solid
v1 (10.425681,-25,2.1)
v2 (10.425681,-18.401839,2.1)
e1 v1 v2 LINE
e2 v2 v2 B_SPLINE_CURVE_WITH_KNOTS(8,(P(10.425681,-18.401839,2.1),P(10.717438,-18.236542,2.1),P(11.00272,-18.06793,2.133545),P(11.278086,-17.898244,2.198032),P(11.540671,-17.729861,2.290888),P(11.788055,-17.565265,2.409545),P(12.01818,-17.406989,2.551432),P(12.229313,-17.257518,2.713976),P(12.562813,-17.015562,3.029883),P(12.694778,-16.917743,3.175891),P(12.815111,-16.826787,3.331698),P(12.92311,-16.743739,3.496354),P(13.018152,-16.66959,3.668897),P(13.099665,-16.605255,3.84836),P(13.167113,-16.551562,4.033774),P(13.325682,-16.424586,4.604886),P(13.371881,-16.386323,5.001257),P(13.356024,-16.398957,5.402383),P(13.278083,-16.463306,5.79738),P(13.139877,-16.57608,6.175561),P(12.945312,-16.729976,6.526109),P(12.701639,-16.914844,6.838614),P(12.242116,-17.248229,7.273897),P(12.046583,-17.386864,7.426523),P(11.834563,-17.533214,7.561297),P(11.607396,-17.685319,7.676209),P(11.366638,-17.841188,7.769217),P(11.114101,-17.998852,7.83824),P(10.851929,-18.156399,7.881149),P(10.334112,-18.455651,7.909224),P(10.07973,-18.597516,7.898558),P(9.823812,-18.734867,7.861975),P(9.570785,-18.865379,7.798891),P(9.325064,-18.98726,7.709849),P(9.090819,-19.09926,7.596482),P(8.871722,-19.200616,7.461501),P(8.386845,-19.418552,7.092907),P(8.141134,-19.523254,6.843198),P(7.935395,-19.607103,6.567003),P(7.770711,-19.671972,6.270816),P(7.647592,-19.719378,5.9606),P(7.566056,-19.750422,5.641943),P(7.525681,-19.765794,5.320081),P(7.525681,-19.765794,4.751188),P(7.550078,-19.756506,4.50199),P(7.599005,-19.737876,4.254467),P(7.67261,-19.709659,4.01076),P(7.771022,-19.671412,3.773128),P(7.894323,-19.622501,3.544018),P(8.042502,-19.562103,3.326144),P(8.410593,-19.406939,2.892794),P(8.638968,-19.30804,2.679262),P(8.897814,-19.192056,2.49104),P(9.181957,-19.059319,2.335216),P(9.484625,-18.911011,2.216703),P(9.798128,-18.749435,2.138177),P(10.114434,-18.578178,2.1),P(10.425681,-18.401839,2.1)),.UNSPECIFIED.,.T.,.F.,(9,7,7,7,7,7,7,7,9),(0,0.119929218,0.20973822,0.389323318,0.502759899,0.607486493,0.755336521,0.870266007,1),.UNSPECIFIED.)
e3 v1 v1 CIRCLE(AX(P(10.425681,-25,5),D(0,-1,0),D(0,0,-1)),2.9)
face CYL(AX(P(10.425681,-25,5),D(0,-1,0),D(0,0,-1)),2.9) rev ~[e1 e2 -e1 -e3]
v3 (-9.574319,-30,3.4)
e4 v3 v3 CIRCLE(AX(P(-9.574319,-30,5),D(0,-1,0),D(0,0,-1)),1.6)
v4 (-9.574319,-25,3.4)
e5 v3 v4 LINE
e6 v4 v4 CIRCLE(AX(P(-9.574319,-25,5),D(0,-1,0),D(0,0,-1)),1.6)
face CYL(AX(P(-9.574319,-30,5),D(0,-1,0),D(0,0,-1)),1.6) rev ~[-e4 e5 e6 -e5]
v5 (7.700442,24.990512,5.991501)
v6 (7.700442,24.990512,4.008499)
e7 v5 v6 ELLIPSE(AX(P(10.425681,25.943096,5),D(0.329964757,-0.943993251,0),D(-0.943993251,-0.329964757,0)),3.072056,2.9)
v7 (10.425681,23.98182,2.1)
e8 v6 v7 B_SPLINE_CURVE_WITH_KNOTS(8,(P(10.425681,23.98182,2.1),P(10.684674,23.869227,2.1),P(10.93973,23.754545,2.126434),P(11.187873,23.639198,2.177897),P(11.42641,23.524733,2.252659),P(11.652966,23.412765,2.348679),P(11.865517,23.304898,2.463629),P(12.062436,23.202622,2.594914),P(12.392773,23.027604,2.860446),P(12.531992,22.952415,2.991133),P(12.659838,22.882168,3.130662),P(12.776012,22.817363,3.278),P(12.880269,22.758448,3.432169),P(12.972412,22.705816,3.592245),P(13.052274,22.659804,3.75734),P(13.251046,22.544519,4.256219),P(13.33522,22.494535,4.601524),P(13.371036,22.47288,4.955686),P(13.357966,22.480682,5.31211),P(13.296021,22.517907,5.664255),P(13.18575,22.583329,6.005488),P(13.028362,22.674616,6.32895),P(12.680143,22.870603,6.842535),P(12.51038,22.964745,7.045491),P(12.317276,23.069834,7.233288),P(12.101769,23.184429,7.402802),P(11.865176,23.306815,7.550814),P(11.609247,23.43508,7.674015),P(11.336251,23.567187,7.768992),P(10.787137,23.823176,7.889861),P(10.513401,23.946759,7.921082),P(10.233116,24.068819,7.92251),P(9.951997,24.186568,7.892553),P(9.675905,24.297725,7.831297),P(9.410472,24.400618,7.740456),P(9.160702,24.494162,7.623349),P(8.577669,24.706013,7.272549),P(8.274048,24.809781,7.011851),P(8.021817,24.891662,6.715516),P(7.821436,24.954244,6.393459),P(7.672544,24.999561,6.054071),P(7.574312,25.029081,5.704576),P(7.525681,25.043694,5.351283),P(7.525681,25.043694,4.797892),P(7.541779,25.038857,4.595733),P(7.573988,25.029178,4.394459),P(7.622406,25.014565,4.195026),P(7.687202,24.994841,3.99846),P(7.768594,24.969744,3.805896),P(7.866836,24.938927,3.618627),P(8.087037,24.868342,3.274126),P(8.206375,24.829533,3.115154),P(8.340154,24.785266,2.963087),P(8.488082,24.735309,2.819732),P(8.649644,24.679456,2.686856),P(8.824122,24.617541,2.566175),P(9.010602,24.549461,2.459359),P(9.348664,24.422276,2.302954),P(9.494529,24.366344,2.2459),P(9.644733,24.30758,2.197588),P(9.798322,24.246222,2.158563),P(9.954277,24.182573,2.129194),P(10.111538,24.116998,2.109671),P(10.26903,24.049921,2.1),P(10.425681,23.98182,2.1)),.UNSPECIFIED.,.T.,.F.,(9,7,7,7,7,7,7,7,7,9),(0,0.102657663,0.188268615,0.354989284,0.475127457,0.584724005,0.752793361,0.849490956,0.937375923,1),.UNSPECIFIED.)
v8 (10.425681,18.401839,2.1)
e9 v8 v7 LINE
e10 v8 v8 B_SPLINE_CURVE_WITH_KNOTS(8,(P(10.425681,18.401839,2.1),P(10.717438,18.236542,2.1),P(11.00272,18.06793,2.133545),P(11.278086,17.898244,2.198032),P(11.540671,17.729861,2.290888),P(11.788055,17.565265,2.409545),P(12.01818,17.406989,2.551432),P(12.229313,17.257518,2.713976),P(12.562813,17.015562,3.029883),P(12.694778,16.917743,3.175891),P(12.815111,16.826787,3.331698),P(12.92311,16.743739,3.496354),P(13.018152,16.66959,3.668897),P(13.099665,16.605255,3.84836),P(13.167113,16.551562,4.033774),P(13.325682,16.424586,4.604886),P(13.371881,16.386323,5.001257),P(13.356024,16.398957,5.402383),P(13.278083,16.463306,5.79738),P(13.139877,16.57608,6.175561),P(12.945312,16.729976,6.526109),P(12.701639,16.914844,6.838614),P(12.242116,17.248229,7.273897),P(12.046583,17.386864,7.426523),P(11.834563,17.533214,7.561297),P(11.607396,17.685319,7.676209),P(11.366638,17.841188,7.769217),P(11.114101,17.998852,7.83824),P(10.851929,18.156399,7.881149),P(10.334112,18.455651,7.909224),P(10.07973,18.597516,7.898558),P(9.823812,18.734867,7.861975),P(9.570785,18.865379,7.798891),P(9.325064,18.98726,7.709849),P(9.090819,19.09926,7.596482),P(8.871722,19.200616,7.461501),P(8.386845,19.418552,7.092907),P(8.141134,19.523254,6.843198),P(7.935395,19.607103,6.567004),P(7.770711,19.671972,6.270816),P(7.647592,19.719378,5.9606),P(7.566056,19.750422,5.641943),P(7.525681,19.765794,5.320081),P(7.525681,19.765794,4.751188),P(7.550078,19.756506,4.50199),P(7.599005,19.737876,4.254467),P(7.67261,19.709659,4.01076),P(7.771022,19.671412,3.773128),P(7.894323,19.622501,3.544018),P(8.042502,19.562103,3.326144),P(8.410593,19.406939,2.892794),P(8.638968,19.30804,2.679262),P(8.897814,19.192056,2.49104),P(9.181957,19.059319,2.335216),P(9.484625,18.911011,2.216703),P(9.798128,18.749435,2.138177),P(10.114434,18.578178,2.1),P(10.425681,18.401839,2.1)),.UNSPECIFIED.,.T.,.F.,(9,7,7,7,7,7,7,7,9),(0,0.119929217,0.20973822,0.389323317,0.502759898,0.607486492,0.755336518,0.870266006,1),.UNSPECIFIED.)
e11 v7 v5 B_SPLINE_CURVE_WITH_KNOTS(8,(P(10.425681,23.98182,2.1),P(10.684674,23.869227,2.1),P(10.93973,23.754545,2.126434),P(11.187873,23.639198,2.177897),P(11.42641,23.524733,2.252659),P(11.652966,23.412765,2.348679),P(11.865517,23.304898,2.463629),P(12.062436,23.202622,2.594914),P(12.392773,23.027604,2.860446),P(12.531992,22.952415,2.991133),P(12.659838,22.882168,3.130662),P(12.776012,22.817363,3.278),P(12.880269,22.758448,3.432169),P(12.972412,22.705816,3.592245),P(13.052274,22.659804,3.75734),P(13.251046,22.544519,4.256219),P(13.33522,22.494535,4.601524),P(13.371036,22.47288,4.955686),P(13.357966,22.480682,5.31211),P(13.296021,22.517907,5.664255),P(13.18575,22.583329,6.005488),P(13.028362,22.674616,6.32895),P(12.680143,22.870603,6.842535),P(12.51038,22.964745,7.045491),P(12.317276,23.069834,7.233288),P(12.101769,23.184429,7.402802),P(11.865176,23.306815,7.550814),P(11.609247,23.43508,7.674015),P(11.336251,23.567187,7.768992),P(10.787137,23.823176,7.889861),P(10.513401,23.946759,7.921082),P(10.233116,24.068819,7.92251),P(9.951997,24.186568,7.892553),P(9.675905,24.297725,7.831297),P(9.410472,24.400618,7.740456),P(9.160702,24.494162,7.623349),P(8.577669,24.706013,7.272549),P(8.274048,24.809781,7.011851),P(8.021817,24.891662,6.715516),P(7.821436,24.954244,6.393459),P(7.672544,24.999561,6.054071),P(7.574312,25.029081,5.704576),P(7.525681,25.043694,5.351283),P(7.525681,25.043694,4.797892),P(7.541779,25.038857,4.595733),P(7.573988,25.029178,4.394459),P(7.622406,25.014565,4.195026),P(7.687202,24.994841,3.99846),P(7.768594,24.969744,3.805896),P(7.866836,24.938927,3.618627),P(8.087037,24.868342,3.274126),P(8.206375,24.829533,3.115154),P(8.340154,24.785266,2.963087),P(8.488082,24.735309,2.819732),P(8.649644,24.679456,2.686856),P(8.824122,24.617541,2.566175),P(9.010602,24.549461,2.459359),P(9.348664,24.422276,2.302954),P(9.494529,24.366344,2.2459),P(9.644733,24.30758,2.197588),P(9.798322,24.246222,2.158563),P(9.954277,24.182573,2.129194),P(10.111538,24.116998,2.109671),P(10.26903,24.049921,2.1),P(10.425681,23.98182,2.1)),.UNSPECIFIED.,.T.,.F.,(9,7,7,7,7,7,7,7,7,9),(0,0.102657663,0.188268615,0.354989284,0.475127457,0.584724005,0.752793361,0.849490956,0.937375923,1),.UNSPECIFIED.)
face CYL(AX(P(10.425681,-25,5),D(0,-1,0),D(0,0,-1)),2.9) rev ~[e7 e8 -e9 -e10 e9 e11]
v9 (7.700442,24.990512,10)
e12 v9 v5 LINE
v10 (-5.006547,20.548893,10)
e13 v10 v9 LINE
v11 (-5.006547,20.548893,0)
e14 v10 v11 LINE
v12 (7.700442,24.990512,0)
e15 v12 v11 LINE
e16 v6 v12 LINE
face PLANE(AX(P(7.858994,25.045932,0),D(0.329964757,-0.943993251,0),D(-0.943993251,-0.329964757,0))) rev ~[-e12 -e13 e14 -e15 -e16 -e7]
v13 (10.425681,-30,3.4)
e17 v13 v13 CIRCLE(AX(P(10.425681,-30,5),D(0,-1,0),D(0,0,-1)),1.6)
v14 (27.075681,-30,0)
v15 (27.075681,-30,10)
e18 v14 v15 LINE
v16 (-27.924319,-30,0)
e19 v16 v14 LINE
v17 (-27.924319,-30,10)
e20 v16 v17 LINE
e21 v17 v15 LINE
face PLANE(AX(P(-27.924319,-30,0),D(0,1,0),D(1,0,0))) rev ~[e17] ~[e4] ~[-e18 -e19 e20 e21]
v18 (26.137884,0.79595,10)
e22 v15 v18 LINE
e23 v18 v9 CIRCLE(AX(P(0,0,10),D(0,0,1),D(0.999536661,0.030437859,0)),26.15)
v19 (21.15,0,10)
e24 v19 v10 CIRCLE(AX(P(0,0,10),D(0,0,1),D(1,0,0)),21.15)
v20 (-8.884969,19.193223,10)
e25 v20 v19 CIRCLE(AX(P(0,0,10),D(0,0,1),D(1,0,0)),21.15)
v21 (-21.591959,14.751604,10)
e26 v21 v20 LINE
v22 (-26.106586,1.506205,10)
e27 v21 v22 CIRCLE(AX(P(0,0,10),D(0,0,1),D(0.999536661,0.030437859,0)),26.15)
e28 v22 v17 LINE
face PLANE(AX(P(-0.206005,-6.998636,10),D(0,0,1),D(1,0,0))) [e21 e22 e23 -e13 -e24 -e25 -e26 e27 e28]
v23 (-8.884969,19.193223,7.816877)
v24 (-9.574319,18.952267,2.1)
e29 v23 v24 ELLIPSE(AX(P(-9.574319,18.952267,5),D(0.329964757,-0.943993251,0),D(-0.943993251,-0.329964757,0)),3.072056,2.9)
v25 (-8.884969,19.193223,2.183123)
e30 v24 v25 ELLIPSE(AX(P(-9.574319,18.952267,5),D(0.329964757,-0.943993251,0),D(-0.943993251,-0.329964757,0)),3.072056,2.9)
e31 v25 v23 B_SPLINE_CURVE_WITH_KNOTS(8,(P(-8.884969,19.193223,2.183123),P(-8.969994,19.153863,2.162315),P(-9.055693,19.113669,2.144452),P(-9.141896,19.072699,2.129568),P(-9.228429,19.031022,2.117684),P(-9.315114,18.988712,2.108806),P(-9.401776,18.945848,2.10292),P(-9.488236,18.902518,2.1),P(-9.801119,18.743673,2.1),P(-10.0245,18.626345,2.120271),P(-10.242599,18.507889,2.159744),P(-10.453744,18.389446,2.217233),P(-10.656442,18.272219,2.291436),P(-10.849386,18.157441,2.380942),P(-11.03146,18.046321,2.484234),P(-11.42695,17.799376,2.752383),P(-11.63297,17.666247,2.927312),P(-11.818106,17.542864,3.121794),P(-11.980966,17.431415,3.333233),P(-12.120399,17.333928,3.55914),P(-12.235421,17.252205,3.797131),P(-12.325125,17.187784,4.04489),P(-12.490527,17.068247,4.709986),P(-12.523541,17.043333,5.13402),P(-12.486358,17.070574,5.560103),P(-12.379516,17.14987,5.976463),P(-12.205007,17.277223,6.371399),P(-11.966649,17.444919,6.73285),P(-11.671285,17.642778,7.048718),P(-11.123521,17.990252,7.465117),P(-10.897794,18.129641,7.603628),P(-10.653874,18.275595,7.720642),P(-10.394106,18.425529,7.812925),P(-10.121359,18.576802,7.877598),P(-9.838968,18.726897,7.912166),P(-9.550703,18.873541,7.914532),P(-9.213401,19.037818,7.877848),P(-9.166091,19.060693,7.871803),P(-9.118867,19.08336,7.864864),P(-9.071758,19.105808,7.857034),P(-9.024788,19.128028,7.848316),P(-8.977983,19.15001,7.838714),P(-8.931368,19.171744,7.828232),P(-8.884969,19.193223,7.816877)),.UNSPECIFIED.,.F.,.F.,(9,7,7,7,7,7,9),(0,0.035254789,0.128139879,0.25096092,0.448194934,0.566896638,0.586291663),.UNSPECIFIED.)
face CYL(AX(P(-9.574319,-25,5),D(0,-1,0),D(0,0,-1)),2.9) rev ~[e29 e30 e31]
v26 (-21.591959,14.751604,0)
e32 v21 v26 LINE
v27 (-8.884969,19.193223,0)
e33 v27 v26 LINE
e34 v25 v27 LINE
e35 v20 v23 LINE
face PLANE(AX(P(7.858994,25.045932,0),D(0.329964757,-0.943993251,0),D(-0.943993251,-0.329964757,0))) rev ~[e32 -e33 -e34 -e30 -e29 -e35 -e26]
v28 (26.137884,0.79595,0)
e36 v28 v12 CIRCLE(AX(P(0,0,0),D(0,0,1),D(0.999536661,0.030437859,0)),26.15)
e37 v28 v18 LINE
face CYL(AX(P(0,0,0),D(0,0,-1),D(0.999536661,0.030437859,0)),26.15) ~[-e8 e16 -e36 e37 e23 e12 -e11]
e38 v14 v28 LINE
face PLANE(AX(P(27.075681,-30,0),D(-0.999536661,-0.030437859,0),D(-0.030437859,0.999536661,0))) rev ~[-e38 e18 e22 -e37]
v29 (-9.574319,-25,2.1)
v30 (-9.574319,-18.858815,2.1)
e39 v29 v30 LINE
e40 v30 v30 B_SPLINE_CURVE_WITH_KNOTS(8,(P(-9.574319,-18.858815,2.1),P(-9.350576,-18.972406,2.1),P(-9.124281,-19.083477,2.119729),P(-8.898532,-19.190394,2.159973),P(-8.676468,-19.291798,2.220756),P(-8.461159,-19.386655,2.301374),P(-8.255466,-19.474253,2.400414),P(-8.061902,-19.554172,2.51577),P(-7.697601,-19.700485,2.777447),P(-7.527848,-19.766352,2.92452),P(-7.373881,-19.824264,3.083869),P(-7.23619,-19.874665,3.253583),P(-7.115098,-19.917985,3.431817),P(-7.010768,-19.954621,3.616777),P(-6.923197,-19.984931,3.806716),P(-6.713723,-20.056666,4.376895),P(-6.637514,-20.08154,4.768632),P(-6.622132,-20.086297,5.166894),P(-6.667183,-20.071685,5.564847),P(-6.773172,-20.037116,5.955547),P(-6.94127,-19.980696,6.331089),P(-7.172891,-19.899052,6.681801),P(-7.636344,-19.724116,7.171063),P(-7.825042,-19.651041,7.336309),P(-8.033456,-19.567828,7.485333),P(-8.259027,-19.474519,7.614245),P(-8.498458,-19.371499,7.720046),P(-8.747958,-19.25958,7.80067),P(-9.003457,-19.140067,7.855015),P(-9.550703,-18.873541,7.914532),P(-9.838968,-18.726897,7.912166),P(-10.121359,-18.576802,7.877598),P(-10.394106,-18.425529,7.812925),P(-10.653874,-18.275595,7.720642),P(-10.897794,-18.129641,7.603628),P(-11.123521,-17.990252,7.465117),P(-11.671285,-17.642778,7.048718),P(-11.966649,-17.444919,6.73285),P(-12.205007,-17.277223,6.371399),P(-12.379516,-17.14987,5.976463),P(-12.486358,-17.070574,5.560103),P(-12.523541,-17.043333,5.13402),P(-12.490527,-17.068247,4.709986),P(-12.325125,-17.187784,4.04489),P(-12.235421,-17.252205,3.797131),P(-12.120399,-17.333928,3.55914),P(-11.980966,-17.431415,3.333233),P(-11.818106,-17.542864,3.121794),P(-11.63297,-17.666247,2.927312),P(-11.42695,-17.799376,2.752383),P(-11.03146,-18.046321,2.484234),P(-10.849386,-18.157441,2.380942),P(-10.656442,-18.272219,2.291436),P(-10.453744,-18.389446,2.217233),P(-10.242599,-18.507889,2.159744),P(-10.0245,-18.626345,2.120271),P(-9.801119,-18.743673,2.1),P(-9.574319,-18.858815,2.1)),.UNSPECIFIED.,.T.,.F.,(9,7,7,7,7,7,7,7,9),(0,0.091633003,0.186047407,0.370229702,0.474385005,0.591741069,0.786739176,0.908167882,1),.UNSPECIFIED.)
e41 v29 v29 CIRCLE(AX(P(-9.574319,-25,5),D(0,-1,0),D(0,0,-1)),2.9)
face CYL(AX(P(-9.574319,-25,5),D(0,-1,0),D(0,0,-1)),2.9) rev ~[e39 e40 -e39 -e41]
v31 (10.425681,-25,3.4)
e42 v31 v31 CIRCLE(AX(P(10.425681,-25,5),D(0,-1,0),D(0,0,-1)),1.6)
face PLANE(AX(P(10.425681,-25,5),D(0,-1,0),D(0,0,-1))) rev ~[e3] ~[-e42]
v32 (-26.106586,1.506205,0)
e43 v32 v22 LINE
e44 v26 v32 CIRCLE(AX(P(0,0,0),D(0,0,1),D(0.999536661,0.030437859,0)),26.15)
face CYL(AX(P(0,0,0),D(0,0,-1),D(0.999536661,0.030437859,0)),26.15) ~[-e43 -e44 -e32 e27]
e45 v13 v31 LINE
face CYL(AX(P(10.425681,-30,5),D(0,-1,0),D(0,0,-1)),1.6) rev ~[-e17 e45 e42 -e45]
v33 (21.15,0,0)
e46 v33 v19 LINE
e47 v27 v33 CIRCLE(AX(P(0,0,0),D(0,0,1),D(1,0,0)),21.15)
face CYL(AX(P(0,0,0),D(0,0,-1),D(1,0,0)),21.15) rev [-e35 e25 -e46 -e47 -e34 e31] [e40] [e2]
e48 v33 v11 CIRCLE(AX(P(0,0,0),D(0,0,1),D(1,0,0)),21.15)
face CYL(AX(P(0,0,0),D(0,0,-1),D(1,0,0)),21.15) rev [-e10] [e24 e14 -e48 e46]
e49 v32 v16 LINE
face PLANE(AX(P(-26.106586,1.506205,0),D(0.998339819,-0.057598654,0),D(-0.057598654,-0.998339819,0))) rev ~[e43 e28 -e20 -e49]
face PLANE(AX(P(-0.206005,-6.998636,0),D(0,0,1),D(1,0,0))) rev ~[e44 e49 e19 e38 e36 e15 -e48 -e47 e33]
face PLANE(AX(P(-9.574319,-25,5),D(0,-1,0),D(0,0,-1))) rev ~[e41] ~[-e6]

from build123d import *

# Parameters (mm, degrees)
SKETCH_1_R          = 21.15
EXTRUDE_1_DEPTH     = 10
SKETCH_2_R          = 1.6
CUT_EXTRUDE_1_DEPTH = 64.50267784
CUT_EXTRUDE_START   = -5
SKETCH_3_R          = 2.9
CUT_EXTRUDE_2_DEPTH = 59.502677944
CUT_EXTRUDE_5_DEPTH = 43.187291864


with BuildPart() as part:
    # 草图1 → 凸台-拉伸1 (new body)
    with BuildSketch(Plane.XY):
        with BuildLine():
            Line((-27.924319022, -30), (27.075680978, -30))
            Line((27.075680978, -30), (26.137883686, 0.795950004))
            ThreePointArc((26.137883686, 0.795950004), (0.355472008, 26.147583821), (-26.106586279, 1.506204794))
            Line((-26.106586279, 1.506204794), (-27.924319022, -30))
        make_face()
        Circle(SKETCH_1_R, mode=Mode.SUBTRACT)
    extrude(amount=EXTRUDE_1_DEPTH)

    # 草图2 → 切除-拉伸1 (cut, through all)
    with BuildSketch(Plane.XZ.offset(30)):
        with Locations(Location((10.425680978, 5, 0), (0, 0, 270))):
            Circle(SKETCH_2_R)
        with Locations(Location((-9.574319022, 5, 0), (0, 0, 270))):
            Circle(SKETCH_2_R)
    extrude(amount=-CUT_EXTRUDE_1_DEPTH, mode=Mode.SUBTRACT)

    # 草图3 → 切除-拉伸2 (cut, through all)
    with BuildSketch(Plane.XZ.offset(30).offset(CUT_EXTRUDE_START)):
        with Locations(Location((10.425680978, 5, 0), (0, 0, 270))):
            Circle(SKETCH_3_R)
        with Locations(Location((-9.574319022, 5, 0), (0, 0, 270))):
            Circle(SKETCH_3_R)
    extrude(amount=-CUT_EXTRUDE_2_DEPTH, mode=Mode.SUBTRACT)

    # 草图4 → 切除-拉伸5 (cut, through all)
    with BuildSketch(Plane(origin=(0, 0, 0), x_dir=(-1, 0, 0), z_dir=(0, 0, -1))):
        with BuildLine():
            Line((-7.858993685, 25.04593217), (21.750509975, 14.696183717))
            ThreePointArc((21.750509975, 14.696183717), (8.661574884, 24.779822851), (-7.858993685, 25.04593217))
        make_face()
    extrude(amount=-CUT_EXTRUDE_5_DEPTH, mode=Mode.SUBTRACT)


solid = part.part
